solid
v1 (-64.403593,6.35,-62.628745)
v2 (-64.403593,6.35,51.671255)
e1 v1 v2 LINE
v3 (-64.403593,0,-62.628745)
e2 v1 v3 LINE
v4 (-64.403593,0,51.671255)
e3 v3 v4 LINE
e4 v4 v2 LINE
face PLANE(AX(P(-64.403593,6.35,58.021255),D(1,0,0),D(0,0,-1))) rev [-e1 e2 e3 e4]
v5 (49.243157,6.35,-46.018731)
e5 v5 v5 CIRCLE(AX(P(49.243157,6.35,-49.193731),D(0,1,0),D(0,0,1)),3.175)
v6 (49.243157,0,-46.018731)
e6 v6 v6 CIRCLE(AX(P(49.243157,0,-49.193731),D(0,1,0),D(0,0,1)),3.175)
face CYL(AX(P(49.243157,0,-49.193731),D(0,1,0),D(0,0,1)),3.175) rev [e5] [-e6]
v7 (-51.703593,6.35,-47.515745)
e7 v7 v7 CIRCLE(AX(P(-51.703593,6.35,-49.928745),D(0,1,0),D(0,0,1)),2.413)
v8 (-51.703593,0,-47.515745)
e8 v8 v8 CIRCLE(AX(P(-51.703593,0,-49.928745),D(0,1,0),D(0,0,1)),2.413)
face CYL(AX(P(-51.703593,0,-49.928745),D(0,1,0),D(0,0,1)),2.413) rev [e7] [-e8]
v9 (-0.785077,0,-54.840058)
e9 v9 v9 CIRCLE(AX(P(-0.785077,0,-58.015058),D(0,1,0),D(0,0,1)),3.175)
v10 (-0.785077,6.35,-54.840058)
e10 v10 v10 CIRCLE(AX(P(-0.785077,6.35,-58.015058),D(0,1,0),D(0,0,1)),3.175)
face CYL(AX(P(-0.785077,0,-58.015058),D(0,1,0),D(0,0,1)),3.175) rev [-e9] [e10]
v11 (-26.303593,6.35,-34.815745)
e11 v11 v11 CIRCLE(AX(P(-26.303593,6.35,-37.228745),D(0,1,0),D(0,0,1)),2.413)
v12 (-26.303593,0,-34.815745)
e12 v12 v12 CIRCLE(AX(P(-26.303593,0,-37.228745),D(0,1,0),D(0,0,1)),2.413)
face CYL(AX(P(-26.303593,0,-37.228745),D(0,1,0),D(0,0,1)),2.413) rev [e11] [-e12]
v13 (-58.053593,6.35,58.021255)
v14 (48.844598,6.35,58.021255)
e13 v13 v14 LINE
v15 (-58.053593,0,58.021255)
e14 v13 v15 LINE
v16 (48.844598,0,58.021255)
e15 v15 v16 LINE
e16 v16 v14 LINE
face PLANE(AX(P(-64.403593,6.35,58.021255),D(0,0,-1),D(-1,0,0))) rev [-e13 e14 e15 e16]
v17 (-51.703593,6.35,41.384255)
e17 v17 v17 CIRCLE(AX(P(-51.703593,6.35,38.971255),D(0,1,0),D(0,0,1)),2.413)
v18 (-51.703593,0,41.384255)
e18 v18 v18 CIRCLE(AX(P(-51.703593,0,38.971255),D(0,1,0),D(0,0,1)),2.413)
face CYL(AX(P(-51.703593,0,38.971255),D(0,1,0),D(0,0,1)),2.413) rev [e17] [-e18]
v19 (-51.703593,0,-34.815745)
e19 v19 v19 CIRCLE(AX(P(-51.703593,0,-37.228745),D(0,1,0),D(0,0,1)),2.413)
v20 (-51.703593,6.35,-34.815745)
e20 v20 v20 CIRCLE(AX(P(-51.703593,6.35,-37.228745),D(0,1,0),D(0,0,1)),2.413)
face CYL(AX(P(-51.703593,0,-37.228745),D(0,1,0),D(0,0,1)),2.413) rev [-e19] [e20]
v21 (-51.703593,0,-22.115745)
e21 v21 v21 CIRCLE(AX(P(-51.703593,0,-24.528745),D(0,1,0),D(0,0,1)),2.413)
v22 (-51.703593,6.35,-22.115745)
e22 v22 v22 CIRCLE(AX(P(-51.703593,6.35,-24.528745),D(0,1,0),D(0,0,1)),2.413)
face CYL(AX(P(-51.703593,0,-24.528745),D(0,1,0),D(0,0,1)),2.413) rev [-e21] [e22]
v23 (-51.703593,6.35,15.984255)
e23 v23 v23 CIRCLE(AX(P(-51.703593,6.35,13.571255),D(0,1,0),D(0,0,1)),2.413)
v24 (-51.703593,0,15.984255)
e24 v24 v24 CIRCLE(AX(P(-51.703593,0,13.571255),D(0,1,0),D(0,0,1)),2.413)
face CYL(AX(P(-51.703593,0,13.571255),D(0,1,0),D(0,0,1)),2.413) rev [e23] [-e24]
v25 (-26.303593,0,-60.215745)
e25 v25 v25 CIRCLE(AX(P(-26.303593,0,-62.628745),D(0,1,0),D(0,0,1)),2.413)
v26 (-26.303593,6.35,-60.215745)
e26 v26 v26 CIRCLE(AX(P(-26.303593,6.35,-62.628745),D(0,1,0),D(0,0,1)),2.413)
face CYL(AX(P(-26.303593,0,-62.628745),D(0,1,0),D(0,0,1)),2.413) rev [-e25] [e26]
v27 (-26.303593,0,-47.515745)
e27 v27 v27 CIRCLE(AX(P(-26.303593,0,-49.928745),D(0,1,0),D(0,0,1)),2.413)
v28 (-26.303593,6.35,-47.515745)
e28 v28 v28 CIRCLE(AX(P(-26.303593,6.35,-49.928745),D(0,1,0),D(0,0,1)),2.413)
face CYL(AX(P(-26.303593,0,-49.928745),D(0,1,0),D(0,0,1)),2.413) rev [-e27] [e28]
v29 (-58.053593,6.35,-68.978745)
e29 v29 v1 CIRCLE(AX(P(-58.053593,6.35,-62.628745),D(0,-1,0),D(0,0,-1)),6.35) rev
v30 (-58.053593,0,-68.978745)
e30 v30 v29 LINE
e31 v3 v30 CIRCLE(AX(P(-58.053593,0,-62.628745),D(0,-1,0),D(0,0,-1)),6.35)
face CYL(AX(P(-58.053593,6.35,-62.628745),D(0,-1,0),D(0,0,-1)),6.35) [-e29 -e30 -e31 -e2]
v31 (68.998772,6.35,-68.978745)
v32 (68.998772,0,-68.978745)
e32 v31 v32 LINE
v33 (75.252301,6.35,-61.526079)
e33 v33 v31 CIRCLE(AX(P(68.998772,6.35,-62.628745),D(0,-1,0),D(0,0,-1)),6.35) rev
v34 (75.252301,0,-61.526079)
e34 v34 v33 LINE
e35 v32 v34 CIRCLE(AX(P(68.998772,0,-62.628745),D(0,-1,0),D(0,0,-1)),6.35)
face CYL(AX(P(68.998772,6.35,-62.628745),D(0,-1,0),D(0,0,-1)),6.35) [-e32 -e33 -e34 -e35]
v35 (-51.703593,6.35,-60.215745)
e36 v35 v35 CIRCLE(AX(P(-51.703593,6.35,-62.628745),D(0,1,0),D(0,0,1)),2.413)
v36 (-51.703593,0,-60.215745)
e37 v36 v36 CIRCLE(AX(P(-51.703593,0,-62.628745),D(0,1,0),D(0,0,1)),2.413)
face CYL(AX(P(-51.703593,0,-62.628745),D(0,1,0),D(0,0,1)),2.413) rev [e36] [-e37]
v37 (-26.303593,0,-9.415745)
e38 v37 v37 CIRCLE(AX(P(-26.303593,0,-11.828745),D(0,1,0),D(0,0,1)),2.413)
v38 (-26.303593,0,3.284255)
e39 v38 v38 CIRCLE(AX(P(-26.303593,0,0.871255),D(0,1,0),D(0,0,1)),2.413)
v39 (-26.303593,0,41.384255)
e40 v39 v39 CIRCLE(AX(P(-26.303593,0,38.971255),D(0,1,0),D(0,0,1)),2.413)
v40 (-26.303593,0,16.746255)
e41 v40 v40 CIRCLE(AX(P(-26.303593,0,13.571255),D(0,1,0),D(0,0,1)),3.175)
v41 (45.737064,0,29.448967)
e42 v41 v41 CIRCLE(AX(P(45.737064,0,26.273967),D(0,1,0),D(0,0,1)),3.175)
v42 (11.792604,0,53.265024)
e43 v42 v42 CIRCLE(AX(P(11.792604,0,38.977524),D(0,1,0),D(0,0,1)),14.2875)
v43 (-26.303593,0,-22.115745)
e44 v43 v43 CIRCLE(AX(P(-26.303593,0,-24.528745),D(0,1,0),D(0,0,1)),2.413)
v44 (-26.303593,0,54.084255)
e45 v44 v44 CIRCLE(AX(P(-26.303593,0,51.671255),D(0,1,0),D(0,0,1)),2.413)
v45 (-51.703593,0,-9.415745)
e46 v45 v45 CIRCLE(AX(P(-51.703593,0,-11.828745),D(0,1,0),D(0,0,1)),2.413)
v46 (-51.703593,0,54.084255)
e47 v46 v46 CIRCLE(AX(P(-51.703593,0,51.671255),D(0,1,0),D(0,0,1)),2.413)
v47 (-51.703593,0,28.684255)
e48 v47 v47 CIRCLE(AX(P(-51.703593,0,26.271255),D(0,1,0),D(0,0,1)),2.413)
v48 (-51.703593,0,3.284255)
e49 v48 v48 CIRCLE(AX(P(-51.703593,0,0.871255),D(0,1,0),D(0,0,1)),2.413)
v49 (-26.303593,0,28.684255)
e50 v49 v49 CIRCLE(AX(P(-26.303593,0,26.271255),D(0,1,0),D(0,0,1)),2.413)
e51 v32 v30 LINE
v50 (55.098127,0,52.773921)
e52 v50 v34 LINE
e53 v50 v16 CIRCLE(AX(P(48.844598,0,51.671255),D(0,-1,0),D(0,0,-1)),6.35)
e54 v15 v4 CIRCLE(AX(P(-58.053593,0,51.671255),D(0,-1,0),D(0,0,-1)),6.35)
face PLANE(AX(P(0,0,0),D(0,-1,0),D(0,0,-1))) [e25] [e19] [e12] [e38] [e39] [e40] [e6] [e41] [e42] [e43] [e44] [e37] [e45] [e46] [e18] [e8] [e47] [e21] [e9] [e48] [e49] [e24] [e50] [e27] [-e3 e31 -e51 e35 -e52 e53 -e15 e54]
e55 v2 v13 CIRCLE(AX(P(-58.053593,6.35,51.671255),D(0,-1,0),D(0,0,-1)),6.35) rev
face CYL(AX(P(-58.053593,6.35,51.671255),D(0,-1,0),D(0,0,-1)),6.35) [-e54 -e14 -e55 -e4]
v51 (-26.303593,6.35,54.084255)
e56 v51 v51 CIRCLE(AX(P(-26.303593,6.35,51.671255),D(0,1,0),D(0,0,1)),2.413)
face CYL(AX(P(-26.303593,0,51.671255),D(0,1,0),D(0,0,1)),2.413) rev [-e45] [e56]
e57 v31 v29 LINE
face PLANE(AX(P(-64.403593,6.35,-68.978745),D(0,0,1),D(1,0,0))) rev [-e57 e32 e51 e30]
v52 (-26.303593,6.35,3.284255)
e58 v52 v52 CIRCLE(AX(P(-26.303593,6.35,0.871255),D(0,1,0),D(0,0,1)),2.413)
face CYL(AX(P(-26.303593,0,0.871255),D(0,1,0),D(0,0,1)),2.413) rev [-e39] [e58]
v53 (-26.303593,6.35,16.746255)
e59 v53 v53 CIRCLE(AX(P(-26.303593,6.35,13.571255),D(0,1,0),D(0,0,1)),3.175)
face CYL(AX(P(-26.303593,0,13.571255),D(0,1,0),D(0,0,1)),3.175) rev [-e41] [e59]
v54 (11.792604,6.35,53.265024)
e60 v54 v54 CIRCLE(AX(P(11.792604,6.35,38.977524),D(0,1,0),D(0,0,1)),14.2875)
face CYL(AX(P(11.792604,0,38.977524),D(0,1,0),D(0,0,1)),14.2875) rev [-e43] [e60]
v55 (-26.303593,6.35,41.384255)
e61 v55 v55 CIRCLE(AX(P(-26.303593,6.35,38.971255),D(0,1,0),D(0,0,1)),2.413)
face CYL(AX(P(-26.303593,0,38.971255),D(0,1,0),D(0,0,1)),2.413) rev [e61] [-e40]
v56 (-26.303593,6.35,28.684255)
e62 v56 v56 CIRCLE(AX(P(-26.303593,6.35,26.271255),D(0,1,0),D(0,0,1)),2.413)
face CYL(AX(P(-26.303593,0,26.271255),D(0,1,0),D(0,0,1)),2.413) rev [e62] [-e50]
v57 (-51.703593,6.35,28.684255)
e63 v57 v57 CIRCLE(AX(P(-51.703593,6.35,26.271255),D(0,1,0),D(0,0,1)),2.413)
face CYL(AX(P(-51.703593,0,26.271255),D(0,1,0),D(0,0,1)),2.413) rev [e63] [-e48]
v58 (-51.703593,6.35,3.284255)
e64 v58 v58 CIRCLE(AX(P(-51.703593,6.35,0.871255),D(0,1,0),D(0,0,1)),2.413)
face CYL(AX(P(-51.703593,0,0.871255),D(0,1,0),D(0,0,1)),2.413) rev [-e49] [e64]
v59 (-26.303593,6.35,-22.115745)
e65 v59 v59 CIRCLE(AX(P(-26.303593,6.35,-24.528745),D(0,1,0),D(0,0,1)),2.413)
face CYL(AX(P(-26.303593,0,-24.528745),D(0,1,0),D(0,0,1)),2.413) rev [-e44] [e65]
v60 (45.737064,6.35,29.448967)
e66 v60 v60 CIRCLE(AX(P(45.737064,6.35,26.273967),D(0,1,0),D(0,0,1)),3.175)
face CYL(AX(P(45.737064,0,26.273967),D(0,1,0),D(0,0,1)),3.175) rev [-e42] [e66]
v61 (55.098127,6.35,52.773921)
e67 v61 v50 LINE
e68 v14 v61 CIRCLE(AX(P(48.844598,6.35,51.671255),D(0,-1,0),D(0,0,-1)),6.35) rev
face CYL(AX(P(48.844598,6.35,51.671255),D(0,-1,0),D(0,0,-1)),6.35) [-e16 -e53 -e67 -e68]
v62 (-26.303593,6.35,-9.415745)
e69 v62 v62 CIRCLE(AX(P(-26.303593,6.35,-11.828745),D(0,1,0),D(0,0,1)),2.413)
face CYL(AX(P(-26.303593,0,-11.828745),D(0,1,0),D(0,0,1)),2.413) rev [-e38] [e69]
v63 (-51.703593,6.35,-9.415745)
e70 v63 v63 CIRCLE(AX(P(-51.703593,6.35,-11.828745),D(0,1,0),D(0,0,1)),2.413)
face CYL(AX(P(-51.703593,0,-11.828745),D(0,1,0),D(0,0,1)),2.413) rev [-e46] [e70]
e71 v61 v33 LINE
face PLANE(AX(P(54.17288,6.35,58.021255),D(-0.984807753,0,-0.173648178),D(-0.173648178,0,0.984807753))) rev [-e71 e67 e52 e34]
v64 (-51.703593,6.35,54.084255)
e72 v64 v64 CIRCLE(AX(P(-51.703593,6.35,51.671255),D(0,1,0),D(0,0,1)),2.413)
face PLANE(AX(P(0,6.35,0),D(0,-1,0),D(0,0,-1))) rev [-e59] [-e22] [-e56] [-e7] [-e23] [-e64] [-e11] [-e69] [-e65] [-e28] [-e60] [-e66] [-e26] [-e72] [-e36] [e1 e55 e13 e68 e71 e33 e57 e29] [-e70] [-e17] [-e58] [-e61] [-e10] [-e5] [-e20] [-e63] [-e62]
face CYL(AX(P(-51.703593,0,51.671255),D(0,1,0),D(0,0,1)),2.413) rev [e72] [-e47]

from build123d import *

# Parameters (mm, degrees)
INITIAL_PLATE_DEPTH         = 6.35
SKETCH3_R                   = 2.413
INITIAL_MOUNTING_HOLE_DEPTH = 7.35
MOUNTING_PATTERN_COUNT      = 10
MOUNTING_PATTERN_PITCH      = 12.7
SKETCH2_R                   = 3.175
BEARING_STACK_HOLES_DEPTH   = 7.35
FILLET1_R                   = 6.35
SKETCH4_R                   = 14.2875
CUT_EXTRUDE1_DEPTH          = 7.35


with BuildPart() as part:
    # Sketch1 → Initial Plate (new body)
    with BuildSketch(Plane(origin=(0, 0, 0), x_dir=(1, 0, 0), z_dir=(0, 1, 0))):
        Polygon((-64.403593083, -58.02125503), (54.172880367, -58.02125503), (76.566406917, 68.97874497), (-64.403593083, 68.97874497), align=None)
    extrude(amount=INITIAL_PLATE_DEPTH)

    # Sketch3 → Initial Mounting Hole (cut, through all)
    with BuildSketch(Plane(origin=(0, 6.35, 0), x_dir=(1, 0, 0), z_dir=(0, 1, 0))):
        with Locations((-51.703593083, -51.67125503)):
            Circle(SKETCH3_R)
        with Locations((-26.303593083, -51.67125503)):
            Circle(SKETCH3_R)
    initial_mounting_hole = extrude(amount=-INITIAL_MOUNTING_HOLE_DEPTH, mode=Mode.SUBTRACT)

    # Mounting Pattern: Initial Mounting Hole ×10
    with Locations(*[(0, 0, -i * MOUNTING_PATTERN_PITCH) for i in range(1, MOUNTING_PATTERN_COUNT)]):
        add(initial_mounting_hole, mode=Mode.SUBTRACT)

    # Sketch2 → Bearing Stack Holes (cut, through all)
    with BuildSketch(Plane(origin=(0, 6.35, 0), x_dir=(1, 0, 0), z_dir=(0, 1, 0))):
        with Locations((-26.303593083, -13.57125503)):
            Circle(SKETCH2_R)
        with Locations((49.243157186, 49.193730621)):
            Circle(SKETCH2_R)
        with Locations((45.737063665, -26.273966523)):
            Circle(SKETCH2_R)
        with Locations((-0.785076667, 58.015058047)):
            Circle(SKETCH2_R)
    extrude(amount=-BEARING_STACK_HOLES_DEPTH, mode=Mode.SUBTRACT)

    # Fillet1
    fillet1_edges = [part.edges().sort_by_distance(p)[0] for p in [
        (54.172880367, 3.175, 58.02125503),
        (-64.403593083, 3.175, 58.02125503),
        (-64.403593083, 3.175, -68.97874497),
        (76.566406917, 3.175, -68.97874497),
    ]]
    fillet(fillet1_edges, radius=FILLET1_R)

    # Sketch4 → Cut-Extrude1 (cut, through all)
    with BuildSketch(Plane(origin=(0, 6.35, 0), x_dir=(1, 0, 0), z_dir=(0, 1, 0))):
        with Locations((11.792603678, -38.977523898)):
            Circle(SKETCH4_R)
    extrude(amount=-CUT_EXTRUDE1_DEPTH, mode=Mode.SUBTRACT)


solid = part.part
